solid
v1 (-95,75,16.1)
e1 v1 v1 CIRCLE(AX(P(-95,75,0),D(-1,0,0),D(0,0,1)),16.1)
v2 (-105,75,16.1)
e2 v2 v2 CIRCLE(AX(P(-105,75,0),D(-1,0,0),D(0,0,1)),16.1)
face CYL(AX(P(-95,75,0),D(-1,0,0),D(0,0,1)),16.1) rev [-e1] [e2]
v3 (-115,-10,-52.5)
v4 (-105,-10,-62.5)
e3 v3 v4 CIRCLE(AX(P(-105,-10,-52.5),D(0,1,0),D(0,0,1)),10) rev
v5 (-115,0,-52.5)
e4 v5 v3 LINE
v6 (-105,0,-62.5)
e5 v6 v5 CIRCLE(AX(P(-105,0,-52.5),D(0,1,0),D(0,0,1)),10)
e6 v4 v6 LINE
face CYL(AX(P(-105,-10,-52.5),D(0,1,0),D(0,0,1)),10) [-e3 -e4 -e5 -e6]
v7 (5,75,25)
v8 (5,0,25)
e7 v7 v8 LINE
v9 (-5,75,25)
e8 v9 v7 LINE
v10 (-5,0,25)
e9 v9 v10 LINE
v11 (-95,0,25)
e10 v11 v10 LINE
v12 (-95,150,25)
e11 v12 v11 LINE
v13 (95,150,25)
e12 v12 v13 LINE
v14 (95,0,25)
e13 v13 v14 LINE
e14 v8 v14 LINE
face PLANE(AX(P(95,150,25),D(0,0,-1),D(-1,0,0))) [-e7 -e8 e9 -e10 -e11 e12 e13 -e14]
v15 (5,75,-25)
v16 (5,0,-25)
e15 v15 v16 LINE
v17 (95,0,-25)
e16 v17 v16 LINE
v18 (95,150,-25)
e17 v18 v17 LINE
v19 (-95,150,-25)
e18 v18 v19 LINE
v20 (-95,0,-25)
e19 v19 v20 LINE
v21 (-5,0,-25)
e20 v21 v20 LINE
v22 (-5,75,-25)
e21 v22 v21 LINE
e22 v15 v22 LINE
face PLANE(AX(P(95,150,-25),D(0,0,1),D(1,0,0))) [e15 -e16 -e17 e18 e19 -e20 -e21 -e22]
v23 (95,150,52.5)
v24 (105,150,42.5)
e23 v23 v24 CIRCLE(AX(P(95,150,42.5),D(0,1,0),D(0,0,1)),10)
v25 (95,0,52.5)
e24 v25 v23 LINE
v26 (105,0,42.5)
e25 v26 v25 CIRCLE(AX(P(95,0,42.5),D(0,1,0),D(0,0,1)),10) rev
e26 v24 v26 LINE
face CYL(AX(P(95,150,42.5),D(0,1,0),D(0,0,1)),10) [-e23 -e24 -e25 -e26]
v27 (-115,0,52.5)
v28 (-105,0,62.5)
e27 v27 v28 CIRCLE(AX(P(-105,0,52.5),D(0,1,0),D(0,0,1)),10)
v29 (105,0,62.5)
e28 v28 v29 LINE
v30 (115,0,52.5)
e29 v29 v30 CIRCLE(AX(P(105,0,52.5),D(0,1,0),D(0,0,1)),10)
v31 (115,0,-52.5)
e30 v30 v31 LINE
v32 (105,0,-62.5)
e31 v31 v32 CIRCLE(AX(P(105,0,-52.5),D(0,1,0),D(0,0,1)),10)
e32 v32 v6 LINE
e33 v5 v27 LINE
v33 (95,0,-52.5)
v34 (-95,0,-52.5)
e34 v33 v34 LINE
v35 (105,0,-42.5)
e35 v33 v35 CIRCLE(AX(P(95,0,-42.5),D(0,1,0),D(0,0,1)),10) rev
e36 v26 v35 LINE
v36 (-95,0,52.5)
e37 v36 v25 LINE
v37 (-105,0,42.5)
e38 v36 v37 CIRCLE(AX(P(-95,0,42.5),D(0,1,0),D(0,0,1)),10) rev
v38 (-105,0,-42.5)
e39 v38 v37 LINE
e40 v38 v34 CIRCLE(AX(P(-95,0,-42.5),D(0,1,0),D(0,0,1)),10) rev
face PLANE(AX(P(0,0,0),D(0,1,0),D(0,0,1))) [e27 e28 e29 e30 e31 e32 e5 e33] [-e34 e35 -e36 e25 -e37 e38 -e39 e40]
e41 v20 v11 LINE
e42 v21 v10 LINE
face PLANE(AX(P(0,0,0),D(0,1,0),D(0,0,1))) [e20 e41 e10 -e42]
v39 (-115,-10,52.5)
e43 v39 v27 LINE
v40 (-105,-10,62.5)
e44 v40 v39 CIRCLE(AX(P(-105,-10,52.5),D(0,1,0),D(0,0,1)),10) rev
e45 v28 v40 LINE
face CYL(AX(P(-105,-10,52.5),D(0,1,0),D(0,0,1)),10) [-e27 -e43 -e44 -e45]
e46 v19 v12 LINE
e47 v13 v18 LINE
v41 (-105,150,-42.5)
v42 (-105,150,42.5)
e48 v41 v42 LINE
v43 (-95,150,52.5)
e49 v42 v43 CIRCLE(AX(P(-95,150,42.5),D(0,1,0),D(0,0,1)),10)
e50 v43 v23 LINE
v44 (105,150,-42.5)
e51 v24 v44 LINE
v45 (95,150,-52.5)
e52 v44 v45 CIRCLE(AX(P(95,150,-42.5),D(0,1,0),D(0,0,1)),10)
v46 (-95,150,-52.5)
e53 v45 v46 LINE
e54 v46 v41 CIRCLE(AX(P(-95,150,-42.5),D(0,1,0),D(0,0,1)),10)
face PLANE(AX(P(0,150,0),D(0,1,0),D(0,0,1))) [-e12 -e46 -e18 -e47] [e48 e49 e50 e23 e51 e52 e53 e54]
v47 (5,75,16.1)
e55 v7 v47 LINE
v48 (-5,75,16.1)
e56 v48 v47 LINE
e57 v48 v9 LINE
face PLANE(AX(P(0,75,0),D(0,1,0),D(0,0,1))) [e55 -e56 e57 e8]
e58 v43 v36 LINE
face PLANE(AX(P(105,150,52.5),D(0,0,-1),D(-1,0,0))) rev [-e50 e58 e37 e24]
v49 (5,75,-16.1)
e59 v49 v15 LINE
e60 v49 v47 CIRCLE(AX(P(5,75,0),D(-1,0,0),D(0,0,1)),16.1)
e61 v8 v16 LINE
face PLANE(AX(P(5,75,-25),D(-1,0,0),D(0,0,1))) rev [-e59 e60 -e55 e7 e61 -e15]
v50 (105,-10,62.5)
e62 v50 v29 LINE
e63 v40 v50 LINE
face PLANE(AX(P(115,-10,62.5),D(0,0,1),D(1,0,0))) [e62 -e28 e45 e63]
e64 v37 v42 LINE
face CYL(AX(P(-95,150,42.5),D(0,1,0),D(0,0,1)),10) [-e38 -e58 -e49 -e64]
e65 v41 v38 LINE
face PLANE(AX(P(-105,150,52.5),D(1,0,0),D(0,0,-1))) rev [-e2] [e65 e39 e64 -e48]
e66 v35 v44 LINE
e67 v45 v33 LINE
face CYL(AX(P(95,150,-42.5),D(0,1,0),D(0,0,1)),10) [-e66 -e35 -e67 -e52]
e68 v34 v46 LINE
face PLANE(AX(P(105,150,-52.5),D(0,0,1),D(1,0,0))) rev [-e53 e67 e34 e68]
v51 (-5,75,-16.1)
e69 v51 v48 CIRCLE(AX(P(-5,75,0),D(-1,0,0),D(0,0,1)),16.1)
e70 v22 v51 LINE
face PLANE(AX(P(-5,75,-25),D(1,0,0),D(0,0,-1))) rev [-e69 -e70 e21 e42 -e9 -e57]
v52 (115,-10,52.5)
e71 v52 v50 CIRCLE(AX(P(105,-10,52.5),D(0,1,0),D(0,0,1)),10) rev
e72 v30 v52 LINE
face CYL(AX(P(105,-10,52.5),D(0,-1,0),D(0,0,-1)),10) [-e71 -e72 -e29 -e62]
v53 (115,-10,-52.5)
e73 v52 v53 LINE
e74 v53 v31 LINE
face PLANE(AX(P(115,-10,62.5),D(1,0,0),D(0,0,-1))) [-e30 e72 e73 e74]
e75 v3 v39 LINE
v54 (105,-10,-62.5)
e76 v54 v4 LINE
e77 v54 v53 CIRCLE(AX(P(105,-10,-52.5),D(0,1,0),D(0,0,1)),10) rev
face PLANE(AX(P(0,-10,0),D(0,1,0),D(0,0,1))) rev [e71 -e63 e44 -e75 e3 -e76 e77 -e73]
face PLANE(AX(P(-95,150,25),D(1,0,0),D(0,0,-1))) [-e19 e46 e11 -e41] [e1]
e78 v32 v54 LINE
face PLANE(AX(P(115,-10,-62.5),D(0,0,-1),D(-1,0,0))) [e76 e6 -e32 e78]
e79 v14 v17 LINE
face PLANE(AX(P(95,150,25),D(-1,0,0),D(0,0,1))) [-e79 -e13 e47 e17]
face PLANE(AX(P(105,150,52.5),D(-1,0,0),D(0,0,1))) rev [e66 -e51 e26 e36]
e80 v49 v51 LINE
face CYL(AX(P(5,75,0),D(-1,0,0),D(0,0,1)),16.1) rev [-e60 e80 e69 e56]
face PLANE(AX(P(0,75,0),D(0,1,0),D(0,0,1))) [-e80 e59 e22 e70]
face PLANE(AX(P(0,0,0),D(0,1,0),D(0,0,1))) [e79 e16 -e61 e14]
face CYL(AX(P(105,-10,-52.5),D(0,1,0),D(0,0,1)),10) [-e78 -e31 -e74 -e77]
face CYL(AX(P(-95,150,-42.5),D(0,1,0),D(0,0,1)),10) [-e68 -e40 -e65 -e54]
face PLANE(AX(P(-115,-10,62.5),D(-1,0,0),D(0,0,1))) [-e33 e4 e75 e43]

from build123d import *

# Parameters (mm, degrees)
SKETCH2_W           = 210
SKETCH2_H           = 105
SKETCH2_W_2         = 190
SKETCH2_H_2         = 50
BOSS_EXTRUDE2_DEPTH = 150
FILLET1_R           = 10
FILLET2_R           = 10
FILLET3_R           = 10
FILLET4_R           = 10
SKETCH3_R           = 16.1
CUT_EXTRUDE1_DEPTH  = 10
SKETCH4_W           = 230
SKETCH4_H           = 125
BOSS_EXTRUDE3_DEPTH = 10
FILLET5_R           = 10
FILLET6_R           = 10
FILLET7_R           = 10
FILLET8_R           = 10
SKETCH7_W           = 10
SKETCH7_H           = 50
BOSS_EXTRUDE4_DEPTH = 75
SKETCH8_R           = 16.1
CUT_EXTRUDE2_DEPTH  = 10


with BuildPart() as part:
    # Sketch2 → Boss-Extrude2 (new body)
    with BuildSketch(Plane(origin=(0, 0, 0), x_dir=(1, 0, 0), z_dir=(0, 1, 0))):
        Rectangle(SKETCH2_W, SKETCH2_H)
        Rectangle(SKETCH2_W_2, SKETCH2_H_2, mode=Mode.SUBTRACT)
    extrude(amount=BOSS_EXTRUDE2_DEPTH)

    # Fillet1
    fillet1_edges = [part.edges().sort_by_distance(p)[0] for p in [
        (-105, 75, -52.5),
    ]]
    fillet(fillet1_edges, radius=FILLET1_R)

    # Fillet2
    fillet2_edges = [part.edges().sort_by_distance(p)[0] for p in [
        (-105, 75, 52.5),
    ]]
    fillet(fillet2_edges, radius=FILLET2_R)

    # Fillet3
    fillet3_edges = [part.edges().sort_by_distance(p)[0] for p in [
        (105, 75, 52.5),
    ]]
    fillet(fillet3_edges, radius=FILLET3_R)

    # Fillet4
    fillet4_edges = [part.edges().sort_by_distance(p)[0] for p in [
        (105, 75, -52.5),
    ]]
    fillet(fillet4_edges, radius=FILLET4_R)

    # Sketch3 → Cut-Extrude1 (cut)
    with BuildSketch(Plane.ZY.offset(105)):
        with Locations((0, 75)):
            Circle(SKETCH3_R)
    extrude(amount=-CUT_EXTRUDE1_DEPTH, mode=Mode.SUBTRACT)

    # Sketch4 → Boss-Extrude3 (add)
    with BuildSketch(Plane(origin=(0, 0, 0), x_dir=(1, 0, 0), z_dir=(0, 1, 0))):
        Rectangle(SKETCH4_W, SKETCH4_H)
    extrude(amount=-BOSS_EXTRUDE3_DEPTH)

    # Fillet5
    fillet5_edges = [part.edges().sort_by_distance(p)[0] for p in [
        (115, -5, 62.5),
    ]]
    fillet(fillet5_edges, radius=FILLET5_R)

    # Fillet6
    fillet6_edges = [part.edges().sort_by_distance(p)[0] for p in [
        (115, -5, -62.5),
    ]]
    fillet(fillet6_edges, radius=FILLET6_R)

    # Fillet7
    fillet7_edges = [part.edges().sort_by_distance(p)[0] for p in [
        (-115, -5, -62.5),
    ]]
    fillet(fillet7_edges, radius=FILLET7_R)

    # Fillet8
    fillet8_edges = [part.edges().sort_by_distance(p)[0] for p in [
        (-115, -5, 62.5),
    ]]
    fillet(fillet8_edges, radius=FILLET8_R)

    # Sketch7 → Boss-Extrude4 (add)
    with BuildSketch(Plane(origin=(0, 0, 0), x_dir=(1, 0, 0), z_dir=(0, 1, 0))):
        Rectangle(SKETCH7_W, SKETCH7_H)
    extrude(amount=BOSS_EXTRUDE4_DEPTH)

    # Sketch8 → Cut-Extrude2 (cut)
    with BuildSketch(Plane.ZY.offset(5)):
        with Locations((0, 75)):
            Circle(SKETCH8_R)
    extrude(amount=-CUT_EXTRUDE2_DEPTH, mode=Mode.SUBTRACT)


solid = part.part
